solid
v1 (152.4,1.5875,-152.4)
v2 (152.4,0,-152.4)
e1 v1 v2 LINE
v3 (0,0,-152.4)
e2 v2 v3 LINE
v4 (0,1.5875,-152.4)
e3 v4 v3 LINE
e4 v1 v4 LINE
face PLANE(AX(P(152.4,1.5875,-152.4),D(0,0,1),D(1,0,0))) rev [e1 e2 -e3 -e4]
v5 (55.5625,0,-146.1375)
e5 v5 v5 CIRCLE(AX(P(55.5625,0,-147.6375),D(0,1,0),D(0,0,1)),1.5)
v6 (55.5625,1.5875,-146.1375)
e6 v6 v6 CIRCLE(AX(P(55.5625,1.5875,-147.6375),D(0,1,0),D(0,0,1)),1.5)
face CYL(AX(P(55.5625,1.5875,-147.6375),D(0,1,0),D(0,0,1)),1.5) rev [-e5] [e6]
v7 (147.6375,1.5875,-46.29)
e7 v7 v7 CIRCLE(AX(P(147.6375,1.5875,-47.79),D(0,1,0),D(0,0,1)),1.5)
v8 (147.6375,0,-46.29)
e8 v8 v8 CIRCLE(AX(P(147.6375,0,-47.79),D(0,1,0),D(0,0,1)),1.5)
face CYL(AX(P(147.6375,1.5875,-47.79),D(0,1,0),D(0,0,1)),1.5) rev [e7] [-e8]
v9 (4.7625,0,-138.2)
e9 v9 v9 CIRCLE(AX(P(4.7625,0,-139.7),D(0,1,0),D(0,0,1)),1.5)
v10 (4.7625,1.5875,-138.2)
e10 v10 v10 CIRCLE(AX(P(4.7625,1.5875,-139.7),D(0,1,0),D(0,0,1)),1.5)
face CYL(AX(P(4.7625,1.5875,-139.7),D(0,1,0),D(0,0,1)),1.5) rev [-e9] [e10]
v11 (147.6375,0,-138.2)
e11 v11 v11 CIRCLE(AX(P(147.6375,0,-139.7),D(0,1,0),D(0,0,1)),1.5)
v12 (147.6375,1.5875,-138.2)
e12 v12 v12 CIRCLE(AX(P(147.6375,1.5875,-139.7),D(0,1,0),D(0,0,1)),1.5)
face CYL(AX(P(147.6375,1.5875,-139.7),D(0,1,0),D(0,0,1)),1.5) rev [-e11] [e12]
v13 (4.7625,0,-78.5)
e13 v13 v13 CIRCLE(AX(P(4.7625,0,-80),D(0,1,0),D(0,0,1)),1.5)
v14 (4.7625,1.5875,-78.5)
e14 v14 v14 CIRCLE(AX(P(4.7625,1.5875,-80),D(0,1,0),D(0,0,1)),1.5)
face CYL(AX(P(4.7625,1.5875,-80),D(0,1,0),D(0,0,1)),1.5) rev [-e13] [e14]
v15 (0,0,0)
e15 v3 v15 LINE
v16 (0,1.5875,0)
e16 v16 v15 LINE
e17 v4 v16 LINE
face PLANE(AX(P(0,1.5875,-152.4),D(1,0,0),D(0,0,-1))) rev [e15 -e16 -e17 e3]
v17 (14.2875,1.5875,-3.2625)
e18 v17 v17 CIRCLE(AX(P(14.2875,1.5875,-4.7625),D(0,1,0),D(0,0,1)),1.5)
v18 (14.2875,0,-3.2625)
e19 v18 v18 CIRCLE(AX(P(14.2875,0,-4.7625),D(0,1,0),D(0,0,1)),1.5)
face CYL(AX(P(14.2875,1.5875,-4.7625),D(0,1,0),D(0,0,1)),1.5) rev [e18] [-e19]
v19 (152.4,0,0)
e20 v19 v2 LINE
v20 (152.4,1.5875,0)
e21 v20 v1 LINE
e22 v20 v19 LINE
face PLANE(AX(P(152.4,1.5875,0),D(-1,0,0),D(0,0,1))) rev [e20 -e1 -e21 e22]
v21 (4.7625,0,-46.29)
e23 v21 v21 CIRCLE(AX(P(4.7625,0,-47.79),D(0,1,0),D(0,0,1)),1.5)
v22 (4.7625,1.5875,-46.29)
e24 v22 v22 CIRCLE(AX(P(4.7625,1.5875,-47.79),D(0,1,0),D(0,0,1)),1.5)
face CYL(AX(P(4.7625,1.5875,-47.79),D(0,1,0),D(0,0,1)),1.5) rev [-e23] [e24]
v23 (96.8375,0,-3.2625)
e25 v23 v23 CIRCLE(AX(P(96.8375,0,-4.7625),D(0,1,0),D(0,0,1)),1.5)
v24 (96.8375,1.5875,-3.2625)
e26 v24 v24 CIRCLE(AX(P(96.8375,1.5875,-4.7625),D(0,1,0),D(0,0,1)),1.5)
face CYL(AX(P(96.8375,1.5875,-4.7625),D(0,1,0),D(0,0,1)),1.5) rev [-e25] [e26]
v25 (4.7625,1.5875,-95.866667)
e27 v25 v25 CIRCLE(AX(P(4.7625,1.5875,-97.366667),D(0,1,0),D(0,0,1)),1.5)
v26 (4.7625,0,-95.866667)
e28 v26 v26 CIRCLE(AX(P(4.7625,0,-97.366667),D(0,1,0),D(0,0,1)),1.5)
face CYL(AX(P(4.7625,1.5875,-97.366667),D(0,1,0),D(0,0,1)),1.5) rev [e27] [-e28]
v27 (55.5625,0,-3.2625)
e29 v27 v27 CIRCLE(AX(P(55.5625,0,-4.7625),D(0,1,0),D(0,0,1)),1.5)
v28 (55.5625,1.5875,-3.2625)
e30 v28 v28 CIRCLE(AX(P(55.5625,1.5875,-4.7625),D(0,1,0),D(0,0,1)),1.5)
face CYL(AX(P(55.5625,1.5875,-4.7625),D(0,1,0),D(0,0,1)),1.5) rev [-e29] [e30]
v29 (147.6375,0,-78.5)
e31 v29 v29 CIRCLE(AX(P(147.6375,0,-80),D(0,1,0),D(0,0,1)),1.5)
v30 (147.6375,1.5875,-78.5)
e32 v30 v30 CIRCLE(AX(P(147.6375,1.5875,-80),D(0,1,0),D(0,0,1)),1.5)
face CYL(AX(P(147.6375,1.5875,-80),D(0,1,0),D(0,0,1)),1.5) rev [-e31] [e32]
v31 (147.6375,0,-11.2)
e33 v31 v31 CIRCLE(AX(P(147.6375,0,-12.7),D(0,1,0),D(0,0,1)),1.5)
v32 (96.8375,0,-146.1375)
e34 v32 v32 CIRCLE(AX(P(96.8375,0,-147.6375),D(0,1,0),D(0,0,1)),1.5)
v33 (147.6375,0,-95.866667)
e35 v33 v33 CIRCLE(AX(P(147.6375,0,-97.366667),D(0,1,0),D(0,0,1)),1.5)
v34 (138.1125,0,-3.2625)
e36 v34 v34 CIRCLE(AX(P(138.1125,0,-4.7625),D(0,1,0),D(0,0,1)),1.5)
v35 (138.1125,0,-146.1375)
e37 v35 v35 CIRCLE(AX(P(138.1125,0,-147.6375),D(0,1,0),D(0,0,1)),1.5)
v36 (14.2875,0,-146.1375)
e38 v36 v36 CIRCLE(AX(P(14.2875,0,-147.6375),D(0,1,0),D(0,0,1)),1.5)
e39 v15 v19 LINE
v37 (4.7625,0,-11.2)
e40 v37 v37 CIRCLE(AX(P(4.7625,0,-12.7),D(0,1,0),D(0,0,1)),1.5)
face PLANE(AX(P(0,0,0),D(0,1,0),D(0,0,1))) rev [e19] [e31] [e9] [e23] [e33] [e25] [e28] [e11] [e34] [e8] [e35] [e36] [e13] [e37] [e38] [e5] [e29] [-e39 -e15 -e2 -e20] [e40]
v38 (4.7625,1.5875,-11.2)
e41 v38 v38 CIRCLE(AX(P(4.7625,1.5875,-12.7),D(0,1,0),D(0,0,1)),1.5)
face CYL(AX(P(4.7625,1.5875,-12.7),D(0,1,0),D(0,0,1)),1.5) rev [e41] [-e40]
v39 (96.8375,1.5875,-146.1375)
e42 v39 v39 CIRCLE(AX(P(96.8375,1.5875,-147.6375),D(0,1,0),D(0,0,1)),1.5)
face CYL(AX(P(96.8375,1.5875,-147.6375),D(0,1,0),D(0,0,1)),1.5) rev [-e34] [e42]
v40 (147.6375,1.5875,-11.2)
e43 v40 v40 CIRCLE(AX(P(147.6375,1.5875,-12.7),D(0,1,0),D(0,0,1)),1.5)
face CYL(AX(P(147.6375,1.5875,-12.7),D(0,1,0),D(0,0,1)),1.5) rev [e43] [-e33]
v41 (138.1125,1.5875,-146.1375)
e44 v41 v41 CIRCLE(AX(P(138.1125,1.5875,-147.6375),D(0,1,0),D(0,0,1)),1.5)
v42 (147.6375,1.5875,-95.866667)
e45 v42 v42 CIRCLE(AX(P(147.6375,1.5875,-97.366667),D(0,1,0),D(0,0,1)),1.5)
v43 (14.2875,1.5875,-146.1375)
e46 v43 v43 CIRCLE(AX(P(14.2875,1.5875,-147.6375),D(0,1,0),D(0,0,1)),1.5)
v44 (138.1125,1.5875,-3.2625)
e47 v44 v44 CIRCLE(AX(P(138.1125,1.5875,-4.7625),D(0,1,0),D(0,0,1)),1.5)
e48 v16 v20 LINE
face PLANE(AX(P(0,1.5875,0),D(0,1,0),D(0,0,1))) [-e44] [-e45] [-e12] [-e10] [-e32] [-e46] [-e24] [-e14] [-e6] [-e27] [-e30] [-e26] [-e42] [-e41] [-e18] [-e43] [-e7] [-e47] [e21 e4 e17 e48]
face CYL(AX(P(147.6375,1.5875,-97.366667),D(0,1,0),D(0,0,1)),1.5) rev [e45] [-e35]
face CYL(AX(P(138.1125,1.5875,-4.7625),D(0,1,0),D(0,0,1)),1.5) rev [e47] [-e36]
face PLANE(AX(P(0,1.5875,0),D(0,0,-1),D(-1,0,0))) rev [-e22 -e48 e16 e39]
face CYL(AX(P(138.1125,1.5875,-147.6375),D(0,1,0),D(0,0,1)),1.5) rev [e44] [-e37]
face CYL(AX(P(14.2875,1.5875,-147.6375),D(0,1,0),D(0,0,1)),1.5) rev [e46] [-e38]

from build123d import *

# Parameters (mm, degrees)
SKETCH2_W             = 152.4
SKETCH2_H             = 152.4
BOSS_EXTRUDE1_DEPTH   = 1.5875
F_3_0MM_DOWEL_HOLE2_D = 3
F_3_0MM_DOWEL_HOLE3_D = 3
LPATTERN1_COUNT       = 4
LPATTERN1_PITCH       = 42.333333333
LPATTERN2_COUNT       = 4
LPATTERN2_PITCH       = 41.275
F_3_0MM_DOWEL_HOLE1_D = 3


with BuildPart() as part:
    # Sketch2 → Boss-Extrude1 (new body)
    with BuildSketch(Plane(origin=(0, 0, 0), x_dir=(1, 0, 0), z_dir=(0, 1, 0))):
        with Locations((76.2, 76.2)):
            Rectangle(SKETCH2_W, SKETCH2_H)
    extrude(amount=BOSS_EXTRUDE1_DEPTH)

    # Ø3.0mm Dowel Hole2 (through all)
    with Locations(Plane(origin=(0, 1.5875, 0), x_dir=(1, 0, 0), z_dir=(0, 1, 0))):
        with Locations((14.2875, 147.6375), (14.2875, 4.7625)):
            f_3_0mm_dowel_hole2 = Hole(F_3_0MM_DOWEL_HOLE2_D / 2)

    # Ø3.0mm Dowel Hole3 (through all)
    with Locations(Plane(origin=(0, 1.5875, 0), x_dir=(1, 0, 0), z_dir=(0, 1, 0))):
        with Locations((4.7625, 139.7), (147.6375, 139.7)):
            f_3_0mm_dowel_hole3 = Hole(F_3_0MM_DOWEL_HOLE3_D / 2)

    # LPattern1: Ø3.0mm Dowel Hole3 ×4, 1 skipped
    with Locations(*[(0, 0, i * LPATTERN1_PITCH) for i in range(1, LPATTERN1_COUNT) if i not in (2,)]):
        add(f_3_0mm_dowel_hole3, mode=Mode.SUBTRACT)

    # LPattern2: Ø3.0mm Dowel Hole2 ×4
    with Locations(*[(i * LPATTERN2_PITCH, 0, 0) for i in range(1, LPATTERN2_COUNT)]):
        add(f_3_0mm_dowel_hole2, mode=Mode.SUBTRACT)

    # Ø3.0mm Dowel Hole1 (through all)
    with Locations(Plane(origin=(0, 1.5875, 0), x_dir=(1, 0, 0), z_dir=(0, 1, 0))):
        with Locations((147.6375, 47.79), (147.6375, 80)):
            f_3_0mm_dowel_hole1 = Hole(F_3_0MM_DOWEL_HOLE1_D / 2)

    # Mirror1: Ø3.0mm Dowel Hole1 across plane
    add(f_3_0mm_dowel_hole1.mirror(Plane(origin=(76.2, 0, 0), x_dir=(0, 0, 1), z_dir=(1, 0, 0))), mode=Mode.SUBTRACT)


solid = part.part
